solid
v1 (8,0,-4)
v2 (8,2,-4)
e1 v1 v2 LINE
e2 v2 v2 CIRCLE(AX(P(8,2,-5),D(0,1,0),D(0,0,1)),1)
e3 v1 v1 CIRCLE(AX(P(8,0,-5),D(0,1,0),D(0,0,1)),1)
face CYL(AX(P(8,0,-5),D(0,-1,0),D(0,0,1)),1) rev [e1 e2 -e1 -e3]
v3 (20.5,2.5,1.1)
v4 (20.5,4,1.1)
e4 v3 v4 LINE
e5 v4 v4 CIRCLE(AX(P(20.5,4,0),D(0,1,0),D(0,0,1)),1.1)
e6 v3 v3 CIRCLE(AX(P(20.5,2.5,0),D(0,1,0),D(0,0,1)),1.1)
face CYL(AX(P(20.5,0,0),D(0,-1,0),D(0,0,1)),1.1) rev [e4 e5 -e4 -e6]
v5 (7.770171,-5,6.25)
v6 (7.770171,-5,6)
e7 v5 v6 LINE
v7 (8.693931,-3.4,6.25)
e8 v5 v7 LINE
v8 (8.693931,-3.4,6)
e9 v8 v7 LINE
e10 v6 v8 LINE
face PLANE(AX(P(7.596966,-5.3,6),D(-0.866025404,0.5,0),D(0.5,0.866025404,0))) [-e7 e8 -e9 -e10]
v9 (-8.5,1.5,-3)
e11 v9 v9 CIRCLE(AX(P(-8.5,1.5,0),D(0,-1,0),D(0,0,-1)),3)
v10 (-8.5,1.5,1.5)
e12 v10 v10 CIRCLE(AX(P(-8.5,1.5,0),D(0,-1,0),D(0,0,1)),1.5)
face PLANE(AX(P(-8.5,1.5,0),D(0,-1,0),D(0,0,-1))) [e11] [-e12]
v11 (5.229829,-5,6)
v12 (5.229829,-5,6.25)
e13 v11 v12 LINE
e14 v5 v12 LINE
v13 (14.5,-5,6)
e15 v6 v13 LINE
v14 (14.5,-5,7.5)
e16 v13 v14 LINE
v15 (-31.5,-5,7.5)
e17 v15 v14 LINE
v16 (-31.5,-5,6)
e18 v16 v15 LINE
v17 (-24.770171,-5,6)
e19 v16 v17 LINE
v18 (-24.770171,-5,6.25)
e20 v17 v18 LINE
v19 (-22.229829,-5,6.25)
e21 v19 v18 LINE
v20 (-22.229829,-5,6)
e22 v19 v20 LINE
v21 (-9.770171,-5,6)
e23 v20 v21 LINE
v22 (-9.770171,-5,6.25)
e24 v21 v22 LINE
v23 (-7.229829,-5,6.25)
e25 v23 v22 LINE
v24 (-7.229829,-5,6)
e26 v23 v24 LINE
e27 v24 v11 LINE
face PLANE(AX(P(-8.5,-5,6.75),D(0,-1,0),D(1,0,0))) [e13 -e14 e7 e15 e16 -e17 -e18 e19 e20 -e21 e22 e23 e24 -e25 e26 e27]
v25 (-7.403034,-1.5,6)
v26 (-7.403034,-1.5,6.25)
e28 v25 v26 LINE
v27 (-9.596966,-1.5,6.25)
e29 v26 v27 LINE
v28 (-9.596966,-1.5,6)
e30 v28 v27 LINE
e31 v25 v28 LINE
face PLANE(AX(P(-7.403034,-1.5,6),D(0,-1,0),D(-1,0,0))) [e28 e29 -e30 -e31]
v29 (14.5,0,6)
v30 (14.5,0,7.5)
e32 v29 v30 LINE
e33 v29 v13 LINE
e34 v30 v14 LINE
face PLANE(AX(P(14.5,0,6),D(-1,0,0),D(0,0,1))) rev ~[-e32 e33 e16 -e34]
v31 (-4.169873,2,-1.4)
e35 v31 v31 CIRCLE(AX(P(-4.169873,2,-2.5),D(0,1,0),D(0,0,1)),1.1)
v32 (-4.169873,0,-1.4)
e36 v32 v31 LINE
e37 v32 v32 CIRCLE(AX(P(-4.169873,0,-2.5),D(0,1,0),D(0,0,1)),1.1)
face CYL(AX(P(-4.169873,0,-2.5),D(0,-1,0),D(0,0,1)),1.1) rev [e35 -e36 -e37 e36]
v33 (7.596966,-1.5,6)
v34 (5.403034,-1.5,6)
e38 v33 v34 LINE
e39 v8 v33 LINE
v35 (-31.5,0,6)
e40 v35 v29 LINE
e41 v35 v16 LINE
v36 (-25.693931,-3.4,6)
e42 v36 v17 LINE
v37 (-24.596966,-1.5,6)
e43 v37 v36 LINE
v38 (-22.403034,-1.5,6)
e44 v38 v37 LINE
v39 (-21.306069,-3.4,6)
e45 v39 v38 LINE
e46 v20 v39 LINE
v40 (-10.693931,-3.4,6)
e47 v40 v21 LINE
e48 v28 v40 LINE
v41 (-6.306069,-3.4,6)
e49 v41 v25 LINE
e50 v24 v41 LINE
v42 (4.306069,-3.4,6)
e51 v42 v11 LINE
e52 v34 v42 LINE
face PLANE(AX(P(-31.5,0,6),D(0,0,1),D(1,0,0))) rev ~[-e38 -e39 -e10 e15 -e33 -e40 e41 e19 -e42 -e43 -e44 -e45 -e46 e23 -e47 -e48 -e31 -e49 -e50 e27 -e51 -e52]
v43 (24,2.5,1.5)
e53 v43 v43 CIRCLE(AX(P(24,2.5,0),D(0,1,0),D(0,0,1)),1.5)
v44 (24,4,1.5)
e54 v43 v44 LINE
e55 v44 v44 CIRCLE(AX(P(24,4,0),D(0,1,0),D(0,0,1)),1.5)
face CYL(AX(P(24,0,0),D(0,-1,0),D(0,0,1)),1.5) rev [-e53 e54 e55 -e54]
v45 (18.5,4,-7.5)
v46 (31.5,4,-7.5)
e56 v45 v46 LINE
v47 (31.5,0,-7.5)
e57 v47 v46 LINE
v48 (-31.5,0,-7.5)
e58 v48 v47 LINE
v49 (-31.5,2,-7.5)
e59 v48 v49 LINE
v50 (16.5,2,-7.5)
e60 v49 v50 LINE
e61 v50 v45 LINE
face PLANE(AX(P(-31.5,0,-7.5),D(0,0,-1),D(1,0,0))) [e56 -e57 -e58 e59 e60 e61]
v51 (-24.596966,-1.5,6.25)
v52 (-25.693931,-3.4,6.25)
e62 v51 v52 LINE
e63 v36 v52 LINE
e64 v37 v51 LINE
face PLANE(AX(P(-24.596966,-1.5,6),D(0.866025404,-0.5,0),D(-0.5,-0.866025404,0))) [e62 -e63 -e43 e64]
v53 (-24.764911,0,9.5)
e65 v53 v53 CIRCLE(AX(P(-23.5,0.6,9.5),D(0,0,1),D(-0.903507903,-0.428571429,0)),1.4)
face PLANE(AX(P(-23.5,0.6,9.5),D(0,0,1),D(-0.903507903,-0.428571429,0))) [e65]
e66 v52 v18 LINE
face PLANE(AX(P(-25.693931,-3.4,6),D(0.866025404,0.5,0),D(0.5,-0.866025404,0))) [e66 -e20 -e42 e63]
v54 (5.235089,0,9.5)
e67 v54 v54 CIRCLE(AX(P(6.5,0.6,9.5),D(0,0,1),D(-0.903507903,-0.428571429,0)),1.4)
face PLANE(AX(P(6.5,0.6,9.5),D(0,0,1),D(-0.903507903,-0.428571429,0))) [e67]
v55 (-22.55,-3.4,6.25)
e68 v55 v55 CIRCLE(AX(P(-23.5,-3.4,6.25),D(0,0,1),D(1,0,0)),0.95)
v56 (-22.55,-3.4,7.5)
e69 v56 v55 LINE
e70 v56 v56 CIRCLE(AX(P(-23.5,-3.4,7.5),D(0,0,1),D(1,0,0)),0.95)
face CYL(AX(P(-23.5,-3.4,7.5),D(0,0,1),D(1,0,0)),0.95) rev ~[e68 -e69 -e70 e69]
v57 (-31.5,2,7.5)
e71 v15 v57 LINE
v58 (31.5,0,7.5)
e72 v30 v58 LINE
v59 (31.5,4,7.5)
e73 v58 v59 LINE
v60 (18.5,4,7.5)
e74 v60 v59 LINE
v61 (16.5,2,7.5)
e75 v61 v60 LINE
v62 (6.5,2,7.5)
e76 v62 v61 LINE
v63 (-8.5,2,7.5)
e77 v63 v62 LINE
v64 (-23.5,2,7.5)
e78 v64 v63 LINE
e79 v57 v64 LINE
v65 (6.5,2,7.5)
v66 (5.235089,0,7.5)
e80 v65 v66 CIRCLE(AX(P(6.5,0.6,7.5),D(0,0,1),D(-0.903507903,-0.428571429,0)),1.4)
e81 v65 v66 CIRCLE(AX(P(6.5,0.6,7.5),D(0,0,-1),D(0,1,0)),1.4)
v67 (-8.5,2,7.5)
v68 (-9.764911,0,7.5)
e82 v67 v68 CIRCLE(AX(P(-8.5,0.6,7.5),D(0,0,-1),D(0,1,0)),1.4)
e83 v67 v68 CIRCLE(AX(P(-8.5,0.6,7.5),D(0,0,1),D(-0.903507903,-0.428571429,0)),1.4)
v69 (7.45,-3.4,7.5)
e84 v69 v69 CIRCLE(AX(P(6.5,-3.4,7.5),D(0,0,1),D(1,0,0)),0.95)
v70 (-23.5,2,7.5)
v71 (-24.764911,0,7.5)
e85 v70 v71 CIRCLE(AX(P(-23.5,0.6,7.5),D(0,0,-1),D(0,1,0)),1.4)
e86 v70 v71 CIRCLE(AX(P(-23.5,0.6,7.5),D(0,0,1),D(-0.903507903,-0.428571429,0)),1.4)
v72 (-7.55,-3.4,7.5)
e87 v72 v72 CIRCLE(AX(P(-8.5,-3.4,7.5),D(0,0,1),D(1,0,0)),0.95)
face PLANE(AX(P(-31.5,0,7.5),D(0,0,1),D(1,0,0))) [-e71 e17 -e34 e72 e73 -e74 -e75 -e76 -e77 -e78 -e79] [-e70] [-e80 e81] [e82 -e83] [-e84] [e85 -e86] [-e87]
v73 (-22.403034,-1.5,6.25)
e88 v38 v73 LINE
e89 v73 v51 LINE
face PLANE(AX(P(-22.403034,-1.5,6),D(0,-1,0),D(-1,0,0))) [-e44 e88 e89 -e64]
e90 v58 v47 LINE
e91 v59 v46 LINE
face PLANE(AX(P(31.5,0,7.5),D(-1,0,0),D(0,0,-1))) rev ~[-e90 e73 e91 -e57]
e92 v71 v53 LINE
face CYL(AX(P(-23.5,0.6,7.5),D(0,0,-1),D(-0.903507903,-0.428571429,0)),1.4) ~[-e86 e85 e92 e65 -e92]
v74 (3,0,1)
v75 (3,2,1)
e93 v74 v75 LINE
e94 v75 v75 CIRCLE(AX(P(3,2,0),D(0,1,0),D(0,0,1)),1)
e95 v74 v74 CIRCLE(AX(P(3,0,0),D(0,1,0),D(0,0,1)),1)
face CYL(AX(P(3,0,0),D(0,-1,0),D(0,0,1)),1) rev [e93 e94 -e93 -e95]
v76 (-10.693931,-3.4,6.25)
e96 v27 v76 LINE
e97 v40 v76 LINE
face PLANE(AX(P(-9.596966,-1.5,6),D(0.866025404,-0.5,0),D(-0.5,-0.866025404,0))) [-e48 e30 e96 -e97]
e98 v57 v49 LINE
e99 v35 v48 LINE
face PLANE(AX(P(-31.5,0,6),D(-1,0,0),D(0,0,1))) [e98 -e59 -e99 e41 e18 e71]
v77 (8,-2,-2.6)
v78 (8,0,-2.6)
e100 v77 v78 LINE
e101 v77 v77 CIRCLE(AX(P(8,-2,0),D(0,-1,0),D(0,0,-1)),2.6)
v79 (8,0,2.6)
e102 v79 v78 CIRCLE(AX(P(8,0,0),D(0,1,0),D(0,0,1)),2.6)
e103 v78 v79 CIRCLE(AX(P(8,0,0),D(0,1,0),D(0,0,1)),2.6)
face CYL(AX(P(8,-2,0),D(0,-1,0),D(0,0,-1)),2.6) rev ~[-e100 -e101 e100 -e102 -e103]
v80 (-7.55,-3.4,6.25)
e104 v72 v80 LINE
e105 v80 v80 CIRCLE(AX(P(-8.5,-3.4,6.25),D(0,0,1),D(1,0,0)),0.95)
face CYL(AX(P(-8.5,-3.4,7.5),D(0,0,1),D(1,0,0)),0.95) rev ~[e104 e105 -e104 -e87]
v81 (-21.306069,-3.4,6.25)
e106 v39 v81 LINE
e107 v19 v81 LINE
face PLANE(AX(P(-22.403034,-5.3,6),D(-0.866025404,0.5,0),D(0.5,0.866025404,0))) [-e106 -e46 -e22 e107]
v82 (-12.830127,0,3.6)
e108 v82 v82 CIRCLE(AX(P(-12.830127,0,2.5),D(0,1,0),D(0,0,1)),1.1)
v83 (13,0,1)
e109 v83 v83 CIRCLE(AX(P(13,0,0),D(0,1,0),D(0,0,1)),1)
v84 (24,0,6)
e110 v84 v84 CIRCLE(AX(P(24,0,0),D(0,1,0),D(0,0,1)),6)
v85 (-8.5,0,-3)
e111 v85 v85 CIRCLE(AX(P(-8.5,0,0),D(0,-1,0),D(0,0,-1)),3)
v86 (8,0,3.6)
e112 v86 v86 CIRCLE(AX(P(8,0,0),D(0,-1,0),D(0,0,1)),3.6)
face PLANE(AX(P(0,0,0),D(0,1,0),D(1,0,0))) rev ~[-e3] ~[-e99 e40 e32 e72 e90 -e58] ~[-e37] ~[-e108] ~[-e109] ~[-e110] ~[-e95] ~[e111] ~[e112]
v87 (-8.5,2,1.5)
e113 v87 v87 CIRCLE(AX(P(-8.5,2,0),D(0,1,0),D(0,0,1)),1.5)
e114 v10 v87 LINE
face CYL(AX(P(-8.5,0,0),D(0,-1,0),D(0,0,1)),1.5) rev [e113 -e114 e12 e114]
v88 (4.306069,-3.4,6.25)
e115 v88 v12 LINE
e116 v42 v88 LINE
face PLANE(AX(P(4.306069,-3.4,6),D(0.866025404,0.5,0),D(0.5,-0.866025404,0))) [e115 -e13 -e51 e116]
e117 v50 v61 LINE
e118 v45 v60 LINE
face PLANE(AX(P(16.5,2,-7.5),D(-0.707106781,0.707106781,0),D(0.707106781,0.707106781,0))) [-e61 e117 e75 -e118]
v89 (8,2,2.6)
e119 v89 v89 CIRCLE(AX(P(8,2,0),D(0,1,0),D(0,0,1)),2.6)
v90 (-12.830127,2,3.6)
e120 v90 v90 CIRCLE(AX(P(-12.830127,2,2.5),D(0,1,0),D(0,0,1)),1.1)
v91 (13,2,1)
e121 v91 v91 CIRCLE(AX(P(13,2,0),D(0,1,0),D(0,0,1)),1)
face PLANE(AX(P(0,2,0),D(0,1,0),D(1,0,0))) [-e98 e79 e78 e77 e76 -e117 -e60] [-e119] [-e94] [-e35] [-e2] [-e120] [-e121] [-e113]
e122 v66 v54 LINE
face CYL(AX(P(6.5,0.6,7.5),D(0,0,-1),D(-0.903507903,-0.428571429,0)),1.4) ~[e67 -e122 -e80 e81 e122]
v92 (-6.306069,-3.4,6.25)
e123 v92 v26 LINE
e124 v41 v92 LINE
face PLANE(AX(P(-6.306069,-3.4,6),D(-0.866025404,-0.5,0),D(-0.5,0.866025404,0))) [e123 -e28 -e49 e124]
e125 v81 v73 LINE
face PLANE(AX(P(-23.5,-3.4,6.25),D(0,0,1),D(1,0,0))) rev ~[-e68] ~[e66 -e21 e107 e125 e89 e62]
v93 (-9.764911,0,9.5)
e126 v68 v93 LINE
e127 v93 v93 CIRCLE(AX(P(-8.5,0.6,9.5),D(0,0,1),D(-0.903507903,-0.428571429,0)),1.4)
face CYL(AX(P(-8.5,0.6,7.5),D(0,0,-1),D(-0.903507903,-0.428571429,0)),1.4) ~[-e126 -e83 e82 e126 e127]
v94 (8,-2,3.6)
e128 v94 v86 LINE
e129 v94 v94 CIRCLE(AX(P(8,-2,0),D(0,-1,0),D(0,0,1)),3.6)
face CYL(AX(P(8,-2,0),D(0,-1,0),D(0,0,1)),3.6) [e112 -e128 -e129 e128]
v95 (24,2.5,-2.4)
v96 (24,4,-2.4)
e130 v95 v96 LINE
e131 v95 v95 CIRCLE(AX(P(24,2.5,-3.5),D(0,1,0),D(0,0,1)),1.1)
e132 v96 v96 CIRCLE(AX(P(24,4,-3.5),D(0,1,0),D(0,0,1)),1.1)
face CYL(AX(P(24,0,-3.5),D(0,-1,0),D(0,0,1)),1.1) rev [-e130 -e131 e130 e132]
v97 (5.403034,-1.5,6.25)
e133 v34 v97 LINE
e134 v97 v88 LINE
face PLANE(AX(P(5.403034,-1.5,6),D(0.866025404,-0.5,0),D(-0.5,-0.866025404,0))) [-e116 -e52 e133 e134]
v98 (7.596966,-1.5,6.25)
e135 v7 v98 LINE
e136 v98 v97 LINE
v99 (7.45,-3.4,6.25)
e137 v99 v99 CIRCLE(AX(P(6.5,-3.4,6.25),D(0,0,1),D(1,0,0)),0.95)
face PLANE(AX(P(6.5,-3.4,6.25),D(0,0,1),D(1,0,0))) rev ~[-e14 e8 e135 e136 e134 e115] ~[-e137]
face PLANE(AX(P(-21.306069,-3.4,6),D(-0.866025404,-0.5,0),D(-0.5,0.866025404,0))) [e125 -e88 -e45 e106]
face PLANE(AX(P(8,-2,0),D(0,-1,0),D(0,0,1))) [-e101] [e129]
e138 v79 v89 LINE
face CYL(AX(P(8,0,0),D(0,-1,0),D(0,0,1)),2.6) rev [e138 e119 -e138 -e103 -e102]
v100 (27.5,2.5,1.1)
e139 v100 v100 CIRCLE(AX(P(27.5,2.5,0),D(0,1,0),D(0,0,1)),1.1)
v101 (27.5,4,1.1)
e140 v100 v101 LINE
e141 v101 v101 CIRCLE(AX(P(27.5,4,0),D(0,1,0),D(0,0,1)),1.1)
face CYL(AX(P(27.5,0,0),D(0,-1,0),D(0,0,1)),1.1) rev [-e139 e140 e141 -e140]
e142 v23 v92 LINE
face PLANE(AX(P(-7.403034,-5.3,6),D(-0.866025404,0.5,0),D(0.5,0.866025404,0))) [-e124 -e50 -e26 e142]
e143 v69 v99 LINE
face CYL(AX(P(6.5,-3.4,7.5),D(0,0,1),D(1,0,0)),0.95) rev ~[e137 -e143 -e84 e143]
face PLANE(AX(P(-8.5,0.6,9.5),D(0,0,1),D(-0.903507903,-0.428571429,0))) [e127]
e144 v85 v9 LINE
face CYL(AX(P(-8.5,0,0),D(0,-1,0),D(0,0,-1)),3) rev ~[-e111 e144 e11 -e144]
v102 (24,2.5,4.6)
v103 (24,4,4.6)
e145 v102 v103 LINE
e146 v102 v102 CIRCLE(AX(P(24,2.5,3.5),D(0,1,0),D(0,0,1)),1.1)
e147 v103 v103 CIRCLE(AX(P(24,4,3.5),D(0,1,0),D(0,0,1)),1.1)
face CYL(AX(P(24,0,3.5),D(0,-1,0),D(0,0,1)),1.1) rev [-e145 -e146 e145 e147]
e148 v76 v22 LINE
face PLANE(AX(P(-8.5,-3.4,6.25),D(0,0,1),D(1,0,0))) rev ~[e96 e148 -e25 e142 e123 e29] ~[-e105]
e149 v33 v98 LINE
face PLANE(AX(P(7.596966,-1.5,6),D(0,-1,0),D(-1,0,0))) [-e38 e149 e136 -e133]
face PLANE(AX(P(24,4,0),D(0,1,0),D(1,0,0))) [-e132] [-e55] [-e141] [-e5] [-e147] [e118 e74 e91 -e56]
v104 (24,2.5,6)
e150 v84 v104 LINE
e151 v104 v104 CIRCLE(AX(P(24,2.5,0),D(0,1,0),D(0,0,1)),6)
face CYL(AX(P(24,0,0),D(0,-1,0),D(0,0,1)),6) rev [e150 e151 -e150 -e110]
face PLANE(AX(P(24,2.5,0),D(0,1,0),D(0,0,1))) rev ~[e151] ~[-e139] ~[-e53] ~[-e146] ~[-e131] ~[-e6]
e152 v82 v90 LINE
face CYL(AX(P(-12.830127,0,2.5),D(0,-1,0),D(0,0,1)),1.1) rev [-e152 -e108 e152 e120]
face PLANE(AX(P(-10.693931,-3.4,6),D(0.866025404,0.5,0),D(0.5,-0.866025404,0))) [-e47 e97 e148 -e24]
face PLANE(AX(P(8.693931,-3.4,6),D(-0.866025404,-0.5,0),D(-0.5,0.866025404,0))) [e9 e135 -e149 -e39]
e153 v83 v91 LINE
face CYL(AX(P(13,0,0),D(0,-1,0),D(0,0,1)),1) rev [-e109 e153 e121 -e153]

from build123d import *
from build123d.topology import SkipClean

# Parameters (mm, degrees)
SKETCH_1_W          = 63
SKETCH_1_H          = 15
SKETCH_1_R          = 1.5
SKETCH_1_R_2        = 1.1
SKETCH_1_R_3        = 2.6
SKETCH_1_R_4        = 1
EXTRUDE_1_DEPTH     = 2
SKETCH_2_R          = 1.4
EXTRUDE_2_DEPTH     = 2
SKETCH_3_R          = 3
CUT_EXTRUDE_1_DEPTH = 1.5
SKETCH_4_W          = 46
SKETCH_4_H          = 1.5
EXTRUDE_3_DEPTH     = 5
SKETCH_2_3_R        = 0.95
CUT_EXTRUDE_2_DEPTH = 1.5
CUT_EXTRUDE_3_DEPTH = 0.25
SKETCH_1_7_W        = 15
SKETCH_1_7_H        = 15
SKETCH_1_7_R        = 1.5
SKETCH_1_7_R_2      = 1.1
EXTRUDE_4_DEPTH     = 4
SKETCH_1_8_R        = 6
SKETCH_1_8_R_2      = 1.5
SKETCH_1_8_R_3      = 1.1
CUT_EXTRUDE_4_DEPTH = 2.5
CUT_EXTRUDE_5_DEPTH = 15
EXTRUDE_START       = 2
SKETCH_8_R          = 3.6
SKETCH_8_R_2        = 2.6
EXTRUDE_5_DEPTH     = 2


with BuildPart() as part:
    # 草图1 → 凸台-拉伸1 (new body)
    with BuildSketch(Plane(origin=(0, 0, 0), x_dir=(1, 0, 0), z_dir=(0, 1, 0))):
        Rectangle(SKETCH_1_W, SKETCH_1_H)
        with Locations(Location((-8.5, 0, 0), (0, 0, 270))):
            Circle(SKETCH_1_R, mode=Mode.SUBTRACT)
        with Locations(Location((-4.169872981, 2.5, 0), (0, 0, 270))):
            Circle(SKETCH_1_R_2, mode=Mode.SUBTRACT)
        with Locations(Location((-12.830127019, -2.5, 0), (0, 0, 270))):
            Circle(SKETCH_1_R_2, mode=Mode.SUBTRACT)
        with Locations(Location((8, 0, 0), (0, 0, 270))):
            Circle(SKETCH_1_R_3, mode=Mode.SUBTRACT)
        with Locations(Location((24, 0, 0), (0, 0, 270))):
            Circle(SKETCH_1_R, mode=Mode.SUBTRACT)
        with Locations(Location((27.5, 0, 0), (0, 0, 270))):
            Circle(SKETCH_1_R_2, mode=Mode.SUBTRACT)
        with Locations(Location((24, -3.5, 0), (0, 0, 270))):
            Circle(SKETCH_1_R_2, mode=Mode.SUBTRACT)
        with Locations(Location((20.5, 0, 0), (0, 0, 270))):
            Circle(SKETCH_1_R_2, mode=Mode.SUBTRACT)
        with Locations(Location((24, 3.5, 0), (0, 0, 270))):
            Circle(SKETCH_1_R_2, mode=Mode.SUBTRACT)
        with Locations(Location((13, 0, 0), (0, 0, 270))):
            Circle(SKETCH_1_R_4, mode=Mode.SUBTRACT)
        with Locations(Location((3, 0, 0), (0, 0, 270))):
            Circle(SKETCH_1_R_4, mode=Mode.SUBTRACT)
        with Locations(Location((8, 5, 0), (0, 0, 270))):
            Circle(SKETCH_1_R_4, mode=Mode.SUBTRACT)
    extrude(amount=EXTRUDE_1_DEPTH)

    # 草图2 → 凸台-拉伸2 (add)
    with BuildSketch(Plane.XY.offset(7.5)):
        with Locations(Location((-23.5, 0.6, 0), (0, 0, 205.376933525))):
            Circle(SKETCH_2_R)
        with Locations(Location((-8.5, 0.6, 0), (0, 0, 205.376933525))):
            Circle(SKETCH_2_R)
        with Locations(Location((6.5, 0.6, 0), (0, 0, 205.376933525))):
            Circle(SKETCH_2_R)
    extrude(amount=EXTRUDE_2_DEPTH)

    # 草图3 → 切除-拉伸1 (cut)
    with BuildSketch(Plane.XZ):
        with Locations(Location((-8.5, 0, 0), (0, 0, 270))):
            Circle(SKETCH_3_R)
    extrude(amount=-CUT_EXTRUDE_1_DEPTH, mode=Mode.SUBTRACT)

    # 草图4 → 凸台-拉伸3 (add)
    with BuildSketch(Plane.XZ):
        with Locations((-8.5, 6.75)):
            Rectangle(SKETCH_4_W, SKETCH_4_H)
    extrude(amount=EXTRUDE_3_DEPTH)

    # 草图2<3> → 切除-拉伸2 (cut)
    with BuildSketch(Plane.XY.offset(7.5)):
        with Locations((-23.5, -3.4)):
            Circle(SKETCH_2_3_R)
        with Locations((-8.5, -3.4)):
            Circle(SKETCH_2_3_R)
        with Locations((6.5, -3.4)):
            Circle(SKETCH_2_3_R)
    extrude(amount=-CUT_EXTRUDE_2_DEPTH, mode=Mode.SUBTRACT)

    # 草图5 → 切除-拉伸3 (cut)
    with BuildSketch(Plane(origin=(0, 0, 6), x_dir=(-1, 0, 0), z_dir=(0, 0, -1))):
        Polygon((22.403034489, -1.5), (24.596965511, -1.5), (25.693931023, -3.4), (24.596965511, -5.3), (22.403034489, -5.3), (21.306068977, -3.4), align=None)
        Polygon((6.306068977, -3.4), (7.403034489, -1.5), (9.596965511, -1.5), (10.693931023, -3.4), (9.596965511, -5.3), (7.403034489, -5.3), align=None)
        Polygon((-8.693931023, -3.4), (-7.596965511, -1.5), (-5.403034489, -1.5), (-4.306068977, -3.4), (-5.403034489, -5.3), (-7.596965511, -5.3), align=None)
    extrude(amount=-CUT_EXTRUDE_3_DEPTH, mode=Mode.SUBTRACT)

    # 草图1<7> → 凸台-拉伸4 (add)
    with SkipClean():  # the faces are left unmerged after this step: merging them gives an invalid solid
        with BuildSketch(Plane(origin=(0, 0, 0), x_dir=(1, 0, 0), z_dir=(0, 1, 0))):
            with Locations((24, 0)):
                Rectangle(SKETCH_1_7_W, SKETCH_1_7_H)
            with Locations(Location((24, 0, 0), (0, 0, 270))):
                Circle(SKETCH_1_7_R, mode=Mode.SUBTRACT)
            with Locations(Location((27.5, 0, 0), (0, 0, 270))):
                Circle(SKETCH_1_7_R_2, mode=Mode.SUBTRACT)
            with Locations(Location((24, -3.5, 0), (0, 0, 270))):
                Circle(SKETCH_1_7_R_2, mode=Mode.SUBTRACT)
            with Locations(Location((20.5, 0, 0), (0, 0, 270))):
                Circle(SKETCH_1_7_R_2, mode=Mode.SUBTRACT)
            with Locations(Location((24, 3.5, 0), (0, 0, 270))):
                Circle(SKETCH_1_7_R_2, mode=Mode.SUBTRACT)
        extrude(amount=EXTRUDE_4_DEPTH)

    # 草图1<8> → 切除-拉伸4 (cut)
    with SkipClean():  # the faces are left unmerged after this step: merging them gives an invalid solid
        with BuildSketch(Plane(origin=(0, 0, 0), x_dir=(1, 0, 0), z_dir=(0, 1, 0))):
            with Locations(Location((24, 0, 0), (0, 0, 270))):
                Circle(SKETCH_1_8_R)
            with Locations(Location((24, 0, 0), (0, 0, 270))):
                Circle(SKETCH_1_8_R_2, mode=Mode.SUBTRACT)
            with Locations(Location((27.5, 0, 0), (0, 0, 270))):
                Circle(SKETCH_1_8_R_3, mode=Mode.SUBTRACT)
            with Locations(Location((24, -3.5, 0), (0, 0, 270))):
                Circle(SKETCH_1_8_R_3, mode=Mode.SUBTRACT)
            with Locations(Location((20.5, 0, 0), (0, 0, 270))):
                Circle(SKETCH_1_8_R_3, mode=Mode.SUBTRACT)
            with Locations(Location((24, 3.5, 0), (0, 0, 270))):
                Circle(SKETCH_1_8_R_3, mode=Mode.SUBTRACT)
        extrude(amount=CUT_EXTRUDE_4_DEPTH, mode=Mode.SUBTRACT)

    # 草图6 → 切除-拉伸5 (cut)
    with BuildSketch(Plane(origin=(0, 0, -7.5), x_dir=(-1, 0, 0), z_dir=(0, 0, -1))):
        Polygon((-16.5, 2), (-18.5, 4), (-16.5, 4), align=None)
    extrude(amount=-CUT_EXTRUDE_5_DEPTH, mode=Mode.SUBTRACT)

    # 草图8 → 凸台-拉伸5 (add)
    with SkipClean():  # the faces are left unmerged after this step: merging them gives an invalid solid
        with BuildSketch(Plane.XZ.offset(EXTRUDE_START)):
            with Locations(Location((8, 0, 0), (0, 0, 90))):
                Circle(SKETCH_8_R)
            with Locations(Location((8, 0, 0), (0, 0, 270))):
                Circle(SKETCH_8_R_2, mode=Mode.SUBTRACT)
        extrude(amount=-EXTRUDE_5_DEPTH)


solid = part.part
